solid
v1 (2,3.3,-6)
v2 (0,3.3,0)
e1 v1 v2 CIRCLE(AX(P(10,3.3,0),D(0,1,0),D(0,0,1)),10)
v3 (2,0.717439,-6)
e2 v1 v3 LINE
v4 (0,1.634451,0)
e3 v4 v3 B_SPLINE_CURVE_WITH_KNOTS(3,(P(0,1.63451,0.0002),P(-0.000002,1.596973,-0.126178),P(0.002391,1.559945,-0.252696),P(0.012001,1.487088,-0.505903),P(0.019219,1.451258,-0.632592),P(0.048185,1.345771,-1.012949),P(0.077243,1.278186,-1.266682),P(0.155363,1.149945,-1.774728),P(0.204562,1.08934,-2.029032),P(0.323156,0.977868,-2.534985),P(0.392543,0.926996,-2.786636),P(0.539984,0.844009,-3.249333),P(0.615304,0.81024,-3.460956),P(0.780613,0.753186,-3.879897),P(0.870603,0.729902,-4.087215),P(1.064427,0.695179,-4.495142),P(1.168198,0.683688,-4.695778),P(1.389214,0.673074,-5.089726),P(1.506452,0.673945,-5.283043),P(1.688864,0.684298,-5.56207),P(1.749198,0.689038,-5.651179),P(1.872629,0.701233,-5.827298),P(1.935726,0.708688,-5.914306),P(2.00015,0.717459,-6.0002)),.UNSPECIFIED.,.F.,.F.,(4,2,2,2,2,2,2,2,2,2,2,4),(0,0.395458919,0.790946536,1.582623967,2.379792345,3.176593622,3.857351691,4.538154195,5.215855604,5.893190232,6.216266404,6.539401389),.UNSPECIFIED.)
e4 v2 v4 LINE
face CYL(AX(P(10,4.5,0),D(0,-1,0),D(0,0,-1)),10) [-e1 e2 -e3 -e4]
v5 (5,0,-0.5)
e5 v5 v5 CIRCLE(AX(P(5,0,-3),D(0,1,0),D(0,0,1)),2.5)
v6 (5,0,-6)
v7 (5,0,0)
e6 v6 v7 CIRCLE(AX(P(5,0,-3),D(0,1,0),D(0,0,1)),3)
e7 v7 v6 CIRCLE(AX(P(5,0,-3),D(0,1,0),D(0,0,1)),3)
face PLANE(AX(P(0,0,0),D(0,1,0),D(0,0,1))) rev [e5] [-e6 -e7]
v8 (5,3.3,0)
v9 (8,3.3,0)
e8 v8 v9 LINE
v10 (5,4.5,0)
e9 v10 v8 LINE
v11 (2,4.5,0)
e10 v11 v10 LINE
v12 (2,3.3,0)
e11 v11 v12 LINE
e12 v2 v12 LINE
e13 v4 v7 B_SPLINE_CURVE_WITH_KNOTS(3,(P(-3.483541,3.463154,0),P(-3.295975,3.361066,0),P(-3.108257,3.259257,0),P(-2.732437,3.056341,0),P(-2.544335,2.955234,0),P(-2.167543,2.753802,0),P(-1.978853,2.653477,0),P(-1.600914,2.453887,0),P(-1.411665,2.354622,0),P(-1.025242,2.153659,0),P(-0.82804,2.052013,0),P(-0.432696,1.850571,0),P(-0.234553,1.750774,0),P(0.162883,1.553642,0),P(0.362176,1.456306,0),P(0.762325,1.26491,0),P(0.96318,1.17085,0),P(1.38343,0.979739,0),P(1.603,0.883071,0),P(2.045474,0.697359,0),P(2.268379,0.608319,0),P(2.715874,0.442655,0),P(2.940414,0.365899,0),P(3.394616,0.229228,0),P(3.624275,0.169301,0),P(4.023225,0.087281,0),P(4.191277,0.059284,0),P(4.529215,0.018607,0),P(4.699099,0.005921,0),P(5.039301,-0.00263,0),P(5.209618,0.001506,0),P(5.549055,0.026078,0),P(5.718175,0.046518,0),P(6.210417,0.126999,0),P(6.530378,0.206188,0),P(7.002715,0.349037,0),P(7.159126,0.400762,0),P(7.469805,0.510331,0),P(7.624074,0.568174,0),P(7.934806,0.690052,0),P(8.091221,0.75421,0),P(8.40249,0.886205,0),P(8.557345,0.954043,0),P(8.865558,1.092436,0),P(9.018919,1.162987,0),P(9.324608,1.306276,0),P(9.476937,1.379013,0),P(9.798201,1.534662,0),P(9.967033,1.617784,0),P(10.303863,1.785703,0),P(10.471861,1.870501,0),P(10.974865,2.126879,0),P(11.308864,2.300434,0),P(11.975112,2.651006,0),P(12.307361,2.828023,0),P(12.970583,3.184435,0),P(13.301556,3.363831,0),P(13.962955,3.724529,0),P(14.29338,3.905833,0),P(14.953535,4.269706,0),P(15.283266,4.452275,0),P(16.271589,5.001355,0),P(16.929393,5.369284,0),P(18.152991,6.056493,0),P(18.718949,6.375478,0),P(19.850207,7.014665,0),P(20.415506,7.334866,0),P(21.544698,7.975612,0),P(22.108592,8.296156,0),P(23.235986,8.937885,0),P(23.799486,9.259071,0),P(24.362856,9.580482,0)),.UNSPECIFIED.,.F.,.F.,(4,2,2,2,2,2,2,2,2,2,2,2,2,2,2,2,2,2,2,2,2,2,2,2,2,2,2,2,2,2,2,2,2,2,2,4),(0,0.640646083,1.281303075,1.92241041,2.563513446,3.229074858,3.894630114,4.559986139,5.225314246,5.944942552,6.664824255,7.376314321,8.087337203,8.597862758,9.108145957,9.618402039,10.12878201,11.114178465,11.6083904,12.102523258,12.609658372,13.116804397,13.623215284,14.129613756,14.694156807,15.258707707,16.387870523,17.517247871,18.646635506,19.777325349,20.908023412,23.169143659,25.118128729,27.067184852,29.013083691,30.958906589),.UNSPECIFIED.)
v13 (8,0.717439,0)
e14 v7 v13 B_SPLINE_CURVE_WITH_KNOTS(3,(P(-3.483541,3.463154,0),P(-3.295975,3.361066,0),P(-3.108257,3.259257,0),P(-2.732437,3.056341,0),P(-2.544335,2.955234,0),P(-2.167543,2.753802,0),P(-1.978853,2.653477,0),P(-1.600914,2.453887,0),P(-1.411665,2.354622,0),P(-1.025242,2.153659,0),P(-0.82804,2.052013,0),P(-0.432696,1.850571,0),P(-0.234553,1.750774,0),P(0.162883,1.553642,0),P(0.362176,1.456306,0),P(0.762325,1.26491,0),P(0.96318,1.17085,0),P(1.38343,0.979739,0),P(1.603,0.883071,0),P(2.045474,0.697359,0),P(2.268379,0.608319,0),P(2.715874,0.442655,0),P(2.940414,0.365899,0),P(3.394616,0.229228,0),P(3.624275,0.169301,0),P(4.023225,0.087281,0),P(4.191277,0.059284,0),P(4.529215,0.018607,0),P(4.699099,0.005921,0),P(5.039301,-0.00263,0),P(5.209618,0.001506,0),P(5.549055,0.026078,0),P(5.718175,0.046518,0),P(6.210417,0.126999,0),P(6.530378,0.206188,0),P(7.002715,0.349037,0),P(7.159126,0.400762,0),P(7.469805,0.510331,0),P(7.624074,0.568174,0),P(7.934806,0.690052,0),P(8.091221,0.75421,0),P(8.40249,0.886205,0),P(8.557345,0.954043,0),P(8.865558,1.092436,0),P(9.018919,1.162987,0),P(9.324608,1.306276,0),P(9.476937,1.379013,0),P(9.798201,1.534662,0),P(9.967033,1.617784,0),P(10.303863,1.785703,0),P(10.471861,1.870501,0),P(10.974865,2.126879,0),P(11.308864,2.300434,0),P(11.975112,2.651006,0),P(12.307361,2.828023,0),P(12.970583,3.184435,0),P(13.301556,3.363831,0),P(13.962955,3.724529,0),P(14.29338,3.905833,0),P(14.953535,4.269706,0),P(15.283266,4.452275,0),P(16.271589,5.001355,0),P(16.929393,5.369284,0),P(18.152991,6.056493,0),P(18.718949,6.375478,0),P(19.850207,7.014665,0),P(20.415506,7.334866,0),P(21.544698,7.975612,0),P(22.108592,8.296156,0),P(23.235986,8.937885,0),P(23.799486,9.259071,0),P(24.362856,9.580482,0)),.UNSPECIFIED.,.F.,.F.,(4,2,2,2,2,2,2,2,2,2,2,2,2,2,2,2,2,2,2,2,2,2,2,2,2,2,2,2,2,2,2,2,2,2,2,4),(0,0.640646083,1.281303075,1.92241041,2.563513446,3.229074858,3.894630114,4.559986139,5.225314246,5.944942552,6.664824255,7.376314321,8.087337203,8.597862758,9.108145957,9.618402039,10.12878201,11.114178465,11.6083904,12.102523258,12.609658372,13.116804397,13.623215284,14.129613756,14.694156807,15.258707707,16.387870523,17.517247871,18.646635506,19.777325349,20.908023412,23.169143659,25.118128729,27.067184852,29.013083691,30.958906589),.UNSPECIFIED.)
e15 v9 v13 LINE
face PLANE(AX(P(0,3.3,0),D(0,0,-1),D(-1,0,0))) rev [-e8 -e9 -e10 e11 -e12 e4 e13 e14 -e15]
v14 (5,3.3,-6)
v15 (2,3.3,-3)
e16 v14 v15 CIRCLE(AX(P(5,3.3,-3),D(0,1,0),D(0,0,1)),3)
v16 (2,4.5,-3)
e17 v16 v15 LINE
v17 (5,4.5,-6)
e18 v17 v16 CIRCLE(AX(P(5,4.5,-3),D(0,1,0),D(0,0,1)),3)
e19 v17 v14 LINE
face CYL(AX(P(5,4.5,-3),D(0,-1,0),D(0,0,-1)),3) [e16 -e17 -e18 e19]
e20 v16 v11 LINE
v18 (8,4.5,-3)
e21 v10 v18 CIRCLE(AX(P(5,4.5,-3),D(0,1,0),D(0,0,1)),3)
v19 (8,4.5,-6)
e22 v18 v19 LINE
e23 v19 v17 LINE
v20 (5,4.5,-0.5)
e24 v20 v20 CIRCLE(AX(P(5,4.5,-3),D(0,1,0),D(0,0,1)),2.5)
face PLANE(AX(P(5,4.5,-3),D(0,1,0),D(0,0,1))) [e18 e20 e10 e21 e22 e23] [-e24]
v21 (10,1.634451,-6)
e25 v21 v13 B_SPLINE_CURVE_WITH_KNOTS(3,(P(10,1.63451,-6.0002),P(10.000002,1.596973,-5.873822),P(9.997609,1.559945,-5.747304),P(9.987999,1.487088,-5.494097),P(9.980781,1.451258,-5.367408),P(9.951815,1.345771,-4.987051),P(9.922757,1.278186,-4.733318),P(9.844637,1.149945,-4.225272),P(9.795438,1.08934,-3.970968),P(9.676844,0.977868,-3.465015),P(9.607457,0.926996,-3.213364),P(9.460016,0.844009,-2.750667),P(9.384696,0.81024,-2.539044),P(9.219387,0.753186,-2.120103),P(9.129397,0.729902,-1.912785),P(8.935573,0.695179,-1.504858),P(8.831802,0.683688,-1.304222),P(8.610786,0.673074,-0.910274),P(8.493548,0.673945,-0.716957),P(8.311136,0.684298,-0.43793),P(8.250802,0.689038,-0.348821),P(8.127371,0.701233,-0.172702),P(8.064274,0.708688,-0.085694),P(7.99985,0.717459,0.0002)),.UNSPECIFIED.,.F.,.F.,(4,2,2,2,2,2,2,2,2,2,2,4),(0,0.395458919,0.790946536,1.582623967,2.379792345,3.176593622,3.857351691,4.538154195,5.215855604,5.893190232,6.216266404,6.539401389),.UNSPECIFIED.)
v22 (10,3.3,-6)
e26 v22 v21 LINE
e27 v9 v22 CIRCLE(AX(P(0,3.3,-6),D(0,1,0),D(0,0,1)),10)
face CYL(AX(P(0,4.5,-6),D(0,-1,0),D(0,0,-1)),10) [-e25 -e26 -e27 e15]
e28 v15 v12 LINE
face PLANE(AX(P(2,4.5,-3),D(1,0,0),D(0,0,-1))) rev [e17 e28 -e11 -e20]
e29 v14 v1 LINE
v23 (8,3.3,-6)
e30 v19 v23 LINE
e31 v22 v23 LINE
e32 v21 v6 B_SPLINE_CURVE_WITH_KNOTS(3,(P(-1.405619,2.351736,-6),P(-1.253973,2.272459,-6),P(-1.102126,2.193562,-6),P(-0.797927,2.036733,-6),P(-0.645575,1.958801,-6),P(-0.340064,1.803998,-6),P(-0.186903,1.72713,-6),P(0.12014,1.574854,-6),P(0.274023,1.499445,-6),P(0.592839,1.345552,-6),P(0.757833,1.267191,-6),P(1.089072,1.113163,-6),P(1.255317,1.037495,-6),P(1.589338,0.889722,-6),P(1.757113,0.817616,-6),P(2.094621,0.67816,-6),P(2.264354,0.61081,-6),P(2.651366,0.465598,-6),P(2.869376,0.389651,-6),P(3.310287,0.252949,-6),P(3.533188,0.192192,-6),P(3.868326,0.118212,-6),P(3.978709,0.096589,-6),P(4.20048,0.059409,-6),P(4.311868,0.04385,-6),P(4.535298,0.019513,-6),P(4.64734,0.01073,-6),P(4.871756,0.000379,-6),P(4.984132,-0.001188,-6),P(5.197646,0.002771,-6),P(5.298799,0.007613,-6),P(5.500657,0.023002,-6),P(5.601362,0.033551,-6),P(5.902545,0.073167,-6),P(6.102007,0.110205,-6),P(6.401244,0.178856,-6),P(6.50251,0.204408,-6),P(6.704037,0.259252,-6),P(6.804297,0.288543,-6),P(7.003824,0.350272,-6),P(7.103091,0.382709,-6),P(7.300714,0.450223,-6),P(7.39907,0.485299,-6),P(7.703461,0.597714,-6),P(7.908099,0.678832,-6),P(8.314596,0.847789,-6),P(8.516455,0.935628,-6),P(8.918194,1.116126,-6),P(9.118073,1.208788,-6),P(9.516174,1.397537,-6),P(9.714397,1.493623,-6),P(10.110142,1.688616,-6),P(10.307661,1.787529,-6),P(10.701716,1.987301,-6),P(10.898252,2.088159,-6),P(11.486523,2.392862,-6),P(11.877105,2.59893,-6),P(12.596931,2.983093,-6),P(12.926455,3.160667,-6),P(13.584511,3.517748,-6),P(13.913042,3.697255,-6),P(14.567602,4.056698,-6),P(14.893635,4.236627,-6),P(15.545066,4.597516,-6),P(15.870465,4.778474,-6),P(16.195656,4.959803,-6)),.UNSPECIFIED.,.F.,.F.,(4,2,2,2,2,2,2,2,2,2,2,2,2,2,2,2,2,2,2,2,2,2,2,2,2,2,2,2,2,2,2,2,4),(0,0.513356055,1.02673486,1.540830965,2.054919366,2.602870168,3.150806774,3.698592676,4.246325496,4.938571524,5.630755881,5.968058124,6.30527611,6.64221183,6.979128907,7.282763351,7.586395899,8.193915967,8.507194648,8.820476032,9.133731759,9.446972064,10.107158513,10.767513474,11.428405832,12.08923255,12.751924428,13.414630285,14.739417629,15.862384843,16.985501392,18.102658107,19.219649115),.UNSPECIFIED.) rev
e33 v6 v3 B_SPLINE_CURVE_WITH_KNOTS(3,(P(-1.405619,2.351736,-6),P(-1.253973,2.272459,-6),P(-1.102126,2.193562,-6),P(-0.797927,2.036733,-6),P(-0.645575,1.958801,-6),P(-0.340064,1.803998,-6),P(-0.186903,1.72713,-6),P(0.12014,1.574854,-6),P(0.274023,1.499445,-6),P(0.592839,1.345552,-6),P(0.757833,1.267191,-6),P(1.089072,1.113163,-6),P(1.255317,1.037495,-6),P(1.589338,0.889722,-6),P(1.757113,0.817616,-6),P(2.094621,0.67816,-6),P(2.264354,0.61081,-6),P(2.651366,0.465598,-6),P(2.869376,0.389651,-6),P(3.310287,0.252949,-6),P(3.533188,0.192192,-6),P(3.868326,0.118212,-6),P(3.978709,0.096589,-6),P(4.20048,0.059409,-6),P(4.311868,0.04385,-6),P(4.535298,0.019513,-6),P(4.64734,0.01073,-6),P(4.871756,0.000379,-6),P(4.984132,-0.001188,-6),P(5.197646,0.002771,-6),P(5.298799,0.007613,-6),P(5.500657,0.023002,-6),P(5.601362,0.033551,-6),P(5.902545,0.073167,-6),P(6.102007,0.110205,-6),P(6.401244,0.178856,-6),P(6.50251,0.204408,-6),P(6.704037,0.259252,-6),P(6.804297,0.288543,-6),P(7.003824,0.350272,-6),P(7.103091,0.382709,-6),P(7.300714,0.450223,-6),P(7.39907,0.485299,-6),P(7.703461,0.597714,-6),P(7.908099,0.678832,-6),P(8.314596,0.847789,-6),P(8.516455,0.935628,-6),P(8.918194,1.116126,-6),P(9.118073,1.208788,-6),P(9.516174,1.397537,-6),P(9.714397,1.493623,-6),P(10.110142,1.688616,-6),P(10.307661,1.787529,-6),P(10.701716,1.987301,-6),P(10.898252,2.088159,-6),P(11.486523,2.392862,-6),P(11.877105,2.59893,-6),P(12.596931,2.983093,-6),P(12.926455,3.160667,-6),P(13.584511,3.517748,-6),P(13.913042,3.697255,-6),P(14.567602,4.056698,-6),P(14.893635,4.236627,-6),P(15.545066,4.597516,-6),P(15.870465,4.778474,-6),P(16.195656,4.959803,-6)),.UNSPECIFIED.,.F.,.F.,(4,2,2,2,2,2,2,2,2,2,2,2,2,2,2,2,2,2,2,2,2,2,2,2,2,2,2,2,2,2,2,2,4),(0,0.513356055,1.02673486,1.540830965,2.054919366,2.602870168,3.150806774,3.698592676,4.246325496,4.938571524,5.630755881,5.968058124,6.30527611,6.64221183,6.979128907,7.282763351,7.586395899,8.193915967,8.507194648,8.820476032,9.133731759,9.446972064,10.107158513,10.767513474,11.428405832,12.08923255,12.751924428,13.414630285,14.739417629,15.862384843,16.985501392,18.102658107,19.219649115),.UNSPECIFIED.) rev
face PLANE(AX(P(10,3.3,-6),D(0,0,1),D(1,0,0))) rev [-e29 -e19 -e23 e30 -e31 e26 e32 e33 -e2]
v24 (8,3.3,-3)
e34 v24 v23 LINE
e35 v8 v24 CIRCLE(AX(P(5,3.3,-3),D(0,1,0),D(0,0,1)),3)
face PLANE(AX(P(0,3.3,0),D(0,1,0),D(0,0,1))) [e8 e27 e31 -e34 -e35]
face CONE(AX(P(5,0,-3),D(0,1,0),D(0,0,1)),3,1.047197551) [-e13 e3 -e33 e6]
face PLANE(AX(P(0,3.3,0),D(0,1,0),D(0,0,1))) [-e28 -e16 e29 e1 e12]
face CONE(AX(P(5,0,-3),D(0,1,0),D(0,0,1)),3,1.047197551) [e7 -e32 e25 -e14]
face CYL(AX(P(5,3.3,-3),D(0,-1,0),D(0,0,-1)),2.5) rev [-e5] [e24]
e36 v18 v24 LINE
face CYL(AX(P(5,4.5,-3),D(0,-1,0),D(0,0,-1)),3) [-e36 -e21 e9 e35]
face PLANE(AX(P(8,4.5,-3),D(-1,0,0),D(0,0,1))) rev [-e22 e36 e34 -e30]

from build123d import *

# Parameters (mm, degrees)
SKETCH_1_W          = 10
SKETCH_1_H          = 6
SKETCH_1_R          = 2.5
EXTRUDE_1_DEPTH     = 3.3
SKETCH_2_R          = 2.5
EXTRUDE_2_DEPTH     = 1.2
CUT_EXTRUDE_1_DEPTH = 5.5


with BuildPart() as part:
    # 草图1 → 凸台-拉伸1 (new body)
    with BuildSketch(Plane(origin=(0, 0, 0), x_dir=(1, 0, 0), z_dir=(0, 1, 0))):
        with Locations((5, 3)):
            Rectangle(SKETCH_1_W, SKETCH_1_H)
        with Locations((5, 3)):
            Circle(SKETCH_1_R, mode=Mode.SUBTRACT)
    extrude(amount=EXTRUDE_1_DEPTH)

    # 草图2 → 凸台-拉伸2 (add)
    with BuildSketch(Plane(origin=(0, 3.3, 0), x_dir=(1, 0, 0), z_dir=(0, 1, 0))):
        with BuildLine():
            Line((2, 3), (2, 0))
            Line((2, 0), (5, 0))
            ThreePointArc((5, 0), (7.121320344, 0.878679656), (8, 3))
            Line((8, 3), (8, 6))
            Line((8, 6), (5, 6))
            ThreePointArc((5, 6), (2.878679656, 5.121320344), (2, 3))
        make_face()
        with Locations((5, 3)):
            Circle(SKETCH_2_R, mode=Mode.SUBTRACT)
    extrude(amount=EXTRUDE_2_DEPTH)

    # 草图3 → 切除-拉伸1 (cut, through all)
    with BuildSketch(Plane(origin=(0, 0, 0), x_dir=(1, 0, 0), z_dir=(0, 1, 0))):
        with BuildLine():
            Line((2, 6), (0, 6))
            Line((0, 6), (0, 0))
            ThreePointArc((0, 0), (0.513167019, 3.16227766), (2, 6))
        make_face()
        with BuildLine():
            Line((10, 0), (10, 6))
            ThreePointArc((10, 6), (9.486832981, 2.83772234), (8, 0))
            Line((8, 0), (10, 0))
        make_face()
    extrude(amount=CUT_EXTRUDE_1_DEPTH, mode=Mode.SUBTRACT)

    # 草图4 one side → 切除-旋转1 (revolve, cut)
    with BuildSketch(Plane(origin=(-3, 0, -3), x_dir=(1, 0, 0), z_dir=(0, 0, 1))):
        Polygon((16, 0), (16, 2.886751346), (11, 0), align=None)
    revolve(axis=Axis((5, 3.3, -3), (0, -1, 0)), mode=Mode.SUBTRACT)


solid = part.part
